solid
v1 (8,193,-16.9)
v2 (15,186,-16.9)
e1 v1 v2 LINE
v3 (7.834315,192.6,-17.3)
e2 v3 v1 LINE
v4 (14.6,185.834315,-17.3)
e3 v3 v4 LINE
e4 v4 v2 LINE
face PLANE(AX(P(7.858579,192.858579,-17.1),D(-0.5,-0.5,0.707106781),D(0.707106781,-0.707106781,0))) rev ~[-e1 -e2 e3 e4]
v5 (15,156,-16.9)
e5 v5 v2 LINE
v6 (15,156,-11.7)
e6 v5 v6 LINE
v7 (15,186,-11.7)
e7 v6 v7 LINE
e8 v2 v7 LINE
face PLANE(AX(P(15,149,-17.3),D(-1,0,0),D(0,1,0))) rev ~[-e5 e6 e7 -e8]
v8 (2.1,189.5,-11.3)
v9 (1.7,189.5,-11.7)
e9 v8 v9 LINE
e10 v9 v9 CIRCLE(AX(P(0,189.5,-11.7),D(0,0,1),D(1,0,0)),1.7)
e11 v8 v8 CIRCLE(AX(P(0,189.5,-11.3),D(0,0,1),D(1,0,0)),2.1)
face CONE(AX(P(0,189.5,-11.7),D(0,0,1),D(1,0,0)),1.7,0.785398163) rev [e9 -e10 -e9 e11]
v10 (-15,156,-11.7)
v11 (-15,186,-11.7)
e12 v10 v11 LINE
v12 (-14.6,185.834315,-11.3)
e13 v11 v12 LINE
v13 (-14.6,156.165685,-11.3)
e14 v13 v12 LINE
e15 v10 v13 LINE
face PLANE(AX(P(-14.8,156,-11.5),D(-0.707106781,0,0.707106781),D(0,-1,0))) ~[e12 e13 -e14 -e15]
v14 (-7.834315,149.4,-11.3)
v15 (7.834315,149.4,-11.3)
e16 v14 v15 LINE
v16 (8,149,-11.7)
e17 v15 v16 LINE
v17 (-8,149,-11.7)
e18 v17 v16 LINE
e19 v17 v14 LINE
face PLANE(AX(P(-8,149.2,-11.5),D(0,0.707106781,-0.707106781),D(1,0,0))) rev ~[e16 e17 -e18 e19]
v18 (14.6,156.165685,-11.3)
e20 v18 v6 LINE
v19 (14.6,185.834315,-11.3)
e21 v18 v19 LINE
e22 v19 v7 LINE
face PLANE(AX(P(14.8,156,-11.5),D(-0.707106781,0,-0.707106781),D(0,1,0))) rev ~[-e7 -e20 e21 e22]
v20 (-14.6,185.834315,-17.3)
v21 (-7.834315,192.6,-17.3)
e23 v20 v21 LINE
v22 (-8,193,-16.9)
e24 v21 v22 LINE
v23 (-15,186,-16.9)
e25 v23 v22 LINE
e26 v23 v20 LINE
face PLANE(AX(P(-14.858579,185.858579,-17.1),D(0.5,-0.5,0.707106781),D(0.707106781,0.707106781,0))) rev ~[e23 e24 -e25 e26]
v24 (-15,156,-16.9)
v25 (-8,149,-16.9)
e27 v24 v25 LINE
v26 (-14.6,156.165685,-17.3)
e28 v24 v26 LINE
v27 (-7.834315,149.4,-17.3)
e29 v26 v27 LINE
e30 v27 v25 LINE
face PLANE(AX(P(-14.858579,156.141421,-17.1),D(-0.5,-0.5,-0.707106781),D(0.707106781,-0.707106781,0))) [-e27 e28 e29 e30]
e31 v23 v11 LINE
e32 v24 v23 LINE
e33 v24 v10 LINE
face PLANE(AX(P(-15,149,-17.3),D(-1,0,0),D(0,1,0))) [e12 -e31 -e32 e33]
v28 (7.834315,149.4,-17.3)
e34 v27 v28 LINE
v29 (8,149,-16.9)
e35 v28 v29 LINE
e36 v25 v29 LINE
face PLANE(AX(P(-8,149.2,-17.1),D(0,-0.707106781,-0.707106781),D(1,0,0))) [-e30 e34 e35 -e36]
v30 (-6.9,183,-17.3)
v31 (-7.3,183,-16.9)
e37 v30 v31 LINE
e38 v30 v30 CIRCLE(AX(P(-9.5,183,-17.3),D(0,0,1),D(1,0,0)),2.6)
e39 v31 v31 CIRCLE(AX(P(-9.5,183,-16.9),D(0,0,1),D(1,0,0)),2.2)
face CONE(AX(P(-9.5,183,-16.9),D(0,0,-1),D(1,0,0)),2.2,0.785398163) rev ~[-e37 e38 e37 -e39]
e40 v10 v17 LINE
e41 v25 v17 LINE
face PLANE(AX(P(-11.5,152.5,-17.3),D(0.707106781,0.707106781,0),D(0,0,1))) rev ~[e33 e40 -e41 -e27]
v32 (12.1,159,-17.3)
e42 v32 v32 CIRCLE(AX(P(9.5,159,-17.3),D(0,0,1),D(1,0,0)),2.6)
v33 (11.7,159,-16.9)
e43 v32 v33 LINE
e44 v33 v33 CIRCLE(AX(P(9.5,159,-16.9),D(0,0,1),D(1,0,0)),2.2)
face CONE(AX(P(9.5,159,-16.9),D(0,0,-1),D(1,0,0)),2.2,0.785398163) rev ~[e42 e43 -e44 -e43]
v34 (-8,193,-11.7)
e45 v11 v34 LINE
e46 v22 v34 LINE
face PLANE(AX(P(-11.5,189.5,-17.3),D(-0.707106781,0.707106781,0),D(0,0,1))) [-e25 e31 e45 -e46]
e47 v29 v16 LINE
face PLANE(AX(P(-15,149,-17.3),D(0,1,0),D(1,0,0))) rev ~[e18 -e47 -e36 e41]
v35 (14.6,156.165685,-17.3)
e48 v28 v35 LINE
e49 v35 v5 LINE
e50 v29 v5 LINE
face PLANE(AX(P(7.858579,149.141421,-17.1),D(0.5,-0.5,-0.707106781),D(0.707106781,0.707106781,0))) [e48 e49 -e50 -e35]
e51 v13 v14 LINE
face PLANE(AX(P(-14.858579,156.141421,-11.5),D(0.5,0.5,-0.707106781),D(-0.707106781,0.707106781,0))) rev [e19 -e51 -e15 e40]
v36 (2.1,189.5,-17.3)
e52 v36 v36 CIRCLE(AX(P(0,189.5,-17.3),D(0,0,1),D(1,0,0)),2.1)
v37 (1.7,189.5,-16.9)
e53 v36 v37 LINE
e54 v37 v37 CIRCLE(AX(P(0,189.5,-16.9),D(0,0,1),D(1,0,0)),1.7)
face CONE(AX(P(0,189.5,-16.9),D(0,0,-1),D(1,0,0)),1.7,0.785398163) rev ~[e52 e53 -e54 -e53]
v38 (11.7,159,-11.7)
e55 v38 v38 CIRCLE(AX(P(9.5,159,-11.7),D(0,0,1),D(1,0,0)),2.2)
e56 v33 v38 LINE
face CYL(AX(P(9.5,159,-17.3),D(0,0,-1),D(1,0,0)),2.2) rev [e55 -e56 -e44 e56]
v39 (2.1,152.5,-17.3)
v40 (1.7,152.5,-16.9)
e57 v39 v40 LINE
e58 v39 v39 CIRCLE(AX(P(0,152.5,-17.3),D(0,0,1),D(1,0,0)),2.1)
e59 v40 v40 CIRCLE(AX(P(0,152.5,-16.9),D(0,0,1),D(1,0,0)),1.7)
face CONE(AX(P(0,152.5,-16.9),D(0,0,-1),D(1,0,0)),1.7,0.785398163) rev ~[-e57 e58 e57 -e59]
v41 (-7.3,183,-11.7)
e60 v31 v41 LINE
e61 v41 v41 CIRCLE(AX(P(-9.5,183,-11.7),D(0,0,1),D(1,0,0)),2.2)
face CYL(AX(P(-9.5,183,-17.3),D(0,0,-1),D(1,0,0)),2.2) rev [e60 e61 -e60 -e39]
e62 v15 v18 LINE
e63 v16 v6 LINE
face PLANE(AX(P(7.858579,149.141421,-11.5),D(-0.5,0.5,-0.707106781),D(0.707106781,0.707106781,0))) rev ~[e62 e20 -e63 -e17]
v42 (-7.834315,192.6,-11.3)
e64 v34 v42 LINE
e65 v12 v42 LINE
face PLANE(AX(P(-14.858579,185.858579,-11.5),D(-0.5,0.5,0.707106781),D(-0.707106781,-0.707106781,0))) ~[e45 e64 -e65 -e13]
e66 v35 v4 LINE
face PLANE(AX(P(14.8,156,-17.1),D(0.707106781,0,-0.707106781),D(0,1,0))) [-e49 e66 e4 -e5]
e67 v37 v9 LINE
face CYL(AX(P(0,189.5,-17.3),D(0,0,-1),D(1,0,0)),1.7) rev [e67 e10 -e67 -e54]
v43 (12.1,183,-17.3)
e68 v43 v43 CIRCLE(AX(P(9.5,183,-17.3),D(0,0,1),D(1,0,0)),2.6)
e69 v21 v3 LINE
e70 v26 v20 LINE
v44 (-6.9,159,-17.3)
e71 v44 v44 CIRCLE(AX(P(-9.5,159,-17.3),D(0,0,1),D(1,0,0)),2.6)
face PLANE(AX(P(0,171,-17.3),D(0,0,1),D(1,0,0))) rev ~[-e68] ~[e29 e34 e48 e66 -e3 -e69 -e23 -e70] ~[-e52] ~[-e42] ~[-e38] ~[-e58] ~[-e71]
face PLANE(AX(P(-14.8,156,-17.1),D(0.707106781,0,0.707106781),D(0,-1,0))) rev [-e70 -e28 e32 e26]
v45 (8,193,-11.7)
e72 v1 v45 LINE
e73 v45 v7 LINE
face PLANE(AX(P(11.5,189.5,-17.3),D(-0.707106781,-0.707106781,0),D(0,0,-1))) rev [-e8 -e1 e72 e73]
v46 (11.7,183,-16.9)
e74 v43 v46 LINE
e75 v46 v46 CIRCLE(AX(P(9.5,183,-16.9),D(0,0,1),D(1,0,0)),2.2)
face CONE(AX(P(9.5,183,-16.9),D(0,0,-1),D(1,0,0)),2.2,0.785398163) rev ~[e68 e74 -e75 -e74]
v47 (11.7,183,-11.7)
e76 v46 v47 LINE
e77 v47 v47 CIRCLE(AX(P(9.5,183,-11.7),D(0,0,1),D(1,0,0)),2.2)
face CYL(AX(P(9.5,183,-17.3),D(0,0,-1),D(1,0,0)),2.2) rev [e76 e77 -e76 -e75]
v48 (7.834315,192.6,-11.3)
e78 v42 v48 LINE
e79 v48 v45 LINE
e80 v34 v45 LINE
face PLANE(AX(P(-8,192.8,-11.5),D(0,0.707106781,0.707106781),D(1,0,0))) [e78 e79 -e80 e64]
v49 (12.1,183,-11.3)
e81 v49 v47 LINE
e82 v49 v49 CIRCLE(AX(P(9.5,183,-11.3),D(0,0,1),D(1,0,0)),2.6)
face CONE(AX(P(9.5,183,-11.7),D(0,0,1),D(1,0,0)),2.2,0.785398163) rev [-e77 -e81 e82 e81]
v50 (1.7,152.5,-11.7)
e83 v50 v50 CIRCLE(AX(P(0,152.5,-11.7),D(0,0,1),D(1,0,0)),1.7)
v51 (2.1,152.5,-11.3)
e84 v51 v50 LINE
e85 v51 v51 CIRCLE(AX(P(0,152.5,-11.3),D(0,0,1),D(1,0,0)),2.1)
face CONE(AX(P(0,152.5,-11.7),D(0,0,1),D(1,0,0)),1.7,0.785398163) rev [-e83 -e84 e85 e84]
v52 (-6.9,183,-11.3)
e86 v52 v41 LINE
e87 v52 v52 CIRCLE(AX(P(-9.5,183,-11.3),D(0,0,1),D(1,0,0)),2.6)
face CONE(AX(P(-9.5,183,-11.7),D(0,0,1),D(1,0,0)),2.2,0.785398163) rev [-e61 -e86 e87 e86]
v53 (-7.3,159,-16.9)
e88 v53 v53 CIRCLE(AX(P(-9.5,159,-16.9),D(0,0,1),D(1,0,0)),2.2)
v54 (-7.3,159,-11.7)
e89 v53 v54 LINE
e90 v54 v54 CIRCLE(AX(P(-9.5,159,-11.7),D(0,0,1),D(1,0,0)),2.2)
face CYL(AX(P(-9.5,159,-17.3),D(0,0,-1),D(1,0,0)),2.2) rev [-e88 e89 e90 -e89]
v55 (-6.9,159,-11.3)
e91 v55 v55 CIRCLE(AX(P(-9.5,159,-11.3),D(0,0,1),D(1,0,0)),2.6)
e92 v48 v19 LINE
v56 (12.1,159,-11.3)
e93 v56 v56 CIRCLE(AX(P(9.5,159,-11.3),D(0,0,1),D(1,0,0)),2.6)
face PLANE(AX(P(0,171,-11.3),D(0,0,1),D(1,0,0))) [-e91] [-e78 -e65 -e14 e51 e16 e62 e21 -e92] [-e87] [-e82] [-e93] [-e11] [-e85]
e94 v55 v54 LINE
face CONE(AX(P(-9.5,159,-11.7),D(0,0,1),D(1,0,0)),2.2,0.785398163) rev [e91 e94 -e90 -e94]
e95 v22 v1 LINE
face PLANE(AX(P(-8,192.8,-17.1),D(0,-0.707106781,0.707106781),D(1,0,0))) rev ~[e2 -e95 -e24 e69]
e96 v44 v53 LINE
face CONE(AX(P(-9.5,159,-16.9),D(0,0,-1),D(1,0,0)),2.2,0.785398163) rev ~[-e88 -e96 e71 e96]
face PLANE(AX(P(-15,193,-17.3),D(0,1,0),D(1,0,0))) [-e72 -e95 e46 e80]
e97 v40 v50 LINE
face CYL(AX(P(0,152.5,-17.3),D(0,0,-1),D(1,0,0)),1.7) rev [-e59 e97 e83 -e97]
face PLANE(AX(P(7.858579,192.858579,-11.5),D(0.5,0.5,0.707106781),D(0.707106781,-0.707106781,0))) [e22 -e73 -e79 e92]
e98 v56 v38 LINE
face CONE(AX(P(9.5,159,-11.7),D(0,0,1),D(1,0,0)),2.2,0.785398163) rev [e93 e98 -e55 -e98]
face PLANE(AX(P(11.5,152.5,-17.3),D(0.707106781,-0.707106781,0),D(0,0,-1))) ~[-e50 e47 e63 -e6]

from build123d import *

# Parameters (mm, degrees)
SKETCH030_W     = 30
SKETCH030_H     = 44
SKETCH030_R     = 2.2
SKETCH030_R_2   = 1.7
PAD016_DEPTH    = 6
CHAMFER007_SIZE = 7
CHAMFER008_SIZE = 0.4


with BuildPart() as part:
    # Sketch030 → Pad016 (new body)
    with BuildSketch(Plane.XY):
        Rectangle(SKETCH030_W, SKETCH030_H)
        with Locations((9.5, 12)):
            Circle(SKETCH030_R, mode=Mode.SUBTRACT)
        with Locations((-9.5, 12)):
            Circle(SKETCH030_R, mode=Mode.SUBTRACT)
        with Locations((-9.5, -12)):
            Circle(SKETCH030_R, mode=Mode.SUBTRACT)
        with Locations((9.5, -12)):
            Circle(SKETCH030_R, mode=Mode.SUBTRACT)
        with Locations((0, 18.5)):
            Circle(SKETCH030_R_2, mode=Mode.SUBTRACT)
        with Locations((0, -18.5)):
            Circle(SKETCH030_R_2, mode=Mode.SUBTRACT)
    extrude(amount=PAD016_DEPTH)

    # Chamfer007
    chamfer007_edges = [part.edges().sort_by_distance(p)[0] for p in [
        (15, 22, 3),
        (-15, 22, 3),
        (-15, -22, 3),
        (15, -22, 3),
    ]]
    chamfer(chamfer007_edges, length=CHAMFER007_SIZE)

    # Chamfer008
    chamfer008_edges = [part.edges().sort_by_distance(p)[0] for p in [
        (-15, 0, 6),
        (-11.5, -18.5, 6),
        (-11.5, 18.5, 6),
        (0, -22, 6),
        (0, 22, 6),
        (11.5, -18.5, 6),
        (11.5, 18.5, 6),
        (15, 0, 6),
        (7.3, 12, 6),
        (-11.7, 12, 6),
        (-11.7, -12, 6),
        (7.3, -12, 6),
        (-1.7, 18.5, 6),
        (-1.7, -18.5, 6),
        (-15, 0, 0),
        (-11.5, -18.5, 0),
        (-11.5, 18.5, 0),
        (0, -22, 0),
        (0, 22, 0),
        (11.5, -18.5, 0),
        (11.5, 18.5, 0),
        (15, 0, 0),
        (7.3, 12, 0),
        (-11.7, 12, 0),
        (-11.7, -12, 0),
        (7.3, -12, 0),
        (-1.7, 18.5, 0),
        (-1.7, -18.5, 0),
    ]]
    chamfer(chamfer008_edges, length=CHAMFER008_SIZE)


with BuildPart() as part_1:
    # Body011 placement: moved
    add(part.part.moved(Location((0, 171, -17.3))))


solid = part_1.part
